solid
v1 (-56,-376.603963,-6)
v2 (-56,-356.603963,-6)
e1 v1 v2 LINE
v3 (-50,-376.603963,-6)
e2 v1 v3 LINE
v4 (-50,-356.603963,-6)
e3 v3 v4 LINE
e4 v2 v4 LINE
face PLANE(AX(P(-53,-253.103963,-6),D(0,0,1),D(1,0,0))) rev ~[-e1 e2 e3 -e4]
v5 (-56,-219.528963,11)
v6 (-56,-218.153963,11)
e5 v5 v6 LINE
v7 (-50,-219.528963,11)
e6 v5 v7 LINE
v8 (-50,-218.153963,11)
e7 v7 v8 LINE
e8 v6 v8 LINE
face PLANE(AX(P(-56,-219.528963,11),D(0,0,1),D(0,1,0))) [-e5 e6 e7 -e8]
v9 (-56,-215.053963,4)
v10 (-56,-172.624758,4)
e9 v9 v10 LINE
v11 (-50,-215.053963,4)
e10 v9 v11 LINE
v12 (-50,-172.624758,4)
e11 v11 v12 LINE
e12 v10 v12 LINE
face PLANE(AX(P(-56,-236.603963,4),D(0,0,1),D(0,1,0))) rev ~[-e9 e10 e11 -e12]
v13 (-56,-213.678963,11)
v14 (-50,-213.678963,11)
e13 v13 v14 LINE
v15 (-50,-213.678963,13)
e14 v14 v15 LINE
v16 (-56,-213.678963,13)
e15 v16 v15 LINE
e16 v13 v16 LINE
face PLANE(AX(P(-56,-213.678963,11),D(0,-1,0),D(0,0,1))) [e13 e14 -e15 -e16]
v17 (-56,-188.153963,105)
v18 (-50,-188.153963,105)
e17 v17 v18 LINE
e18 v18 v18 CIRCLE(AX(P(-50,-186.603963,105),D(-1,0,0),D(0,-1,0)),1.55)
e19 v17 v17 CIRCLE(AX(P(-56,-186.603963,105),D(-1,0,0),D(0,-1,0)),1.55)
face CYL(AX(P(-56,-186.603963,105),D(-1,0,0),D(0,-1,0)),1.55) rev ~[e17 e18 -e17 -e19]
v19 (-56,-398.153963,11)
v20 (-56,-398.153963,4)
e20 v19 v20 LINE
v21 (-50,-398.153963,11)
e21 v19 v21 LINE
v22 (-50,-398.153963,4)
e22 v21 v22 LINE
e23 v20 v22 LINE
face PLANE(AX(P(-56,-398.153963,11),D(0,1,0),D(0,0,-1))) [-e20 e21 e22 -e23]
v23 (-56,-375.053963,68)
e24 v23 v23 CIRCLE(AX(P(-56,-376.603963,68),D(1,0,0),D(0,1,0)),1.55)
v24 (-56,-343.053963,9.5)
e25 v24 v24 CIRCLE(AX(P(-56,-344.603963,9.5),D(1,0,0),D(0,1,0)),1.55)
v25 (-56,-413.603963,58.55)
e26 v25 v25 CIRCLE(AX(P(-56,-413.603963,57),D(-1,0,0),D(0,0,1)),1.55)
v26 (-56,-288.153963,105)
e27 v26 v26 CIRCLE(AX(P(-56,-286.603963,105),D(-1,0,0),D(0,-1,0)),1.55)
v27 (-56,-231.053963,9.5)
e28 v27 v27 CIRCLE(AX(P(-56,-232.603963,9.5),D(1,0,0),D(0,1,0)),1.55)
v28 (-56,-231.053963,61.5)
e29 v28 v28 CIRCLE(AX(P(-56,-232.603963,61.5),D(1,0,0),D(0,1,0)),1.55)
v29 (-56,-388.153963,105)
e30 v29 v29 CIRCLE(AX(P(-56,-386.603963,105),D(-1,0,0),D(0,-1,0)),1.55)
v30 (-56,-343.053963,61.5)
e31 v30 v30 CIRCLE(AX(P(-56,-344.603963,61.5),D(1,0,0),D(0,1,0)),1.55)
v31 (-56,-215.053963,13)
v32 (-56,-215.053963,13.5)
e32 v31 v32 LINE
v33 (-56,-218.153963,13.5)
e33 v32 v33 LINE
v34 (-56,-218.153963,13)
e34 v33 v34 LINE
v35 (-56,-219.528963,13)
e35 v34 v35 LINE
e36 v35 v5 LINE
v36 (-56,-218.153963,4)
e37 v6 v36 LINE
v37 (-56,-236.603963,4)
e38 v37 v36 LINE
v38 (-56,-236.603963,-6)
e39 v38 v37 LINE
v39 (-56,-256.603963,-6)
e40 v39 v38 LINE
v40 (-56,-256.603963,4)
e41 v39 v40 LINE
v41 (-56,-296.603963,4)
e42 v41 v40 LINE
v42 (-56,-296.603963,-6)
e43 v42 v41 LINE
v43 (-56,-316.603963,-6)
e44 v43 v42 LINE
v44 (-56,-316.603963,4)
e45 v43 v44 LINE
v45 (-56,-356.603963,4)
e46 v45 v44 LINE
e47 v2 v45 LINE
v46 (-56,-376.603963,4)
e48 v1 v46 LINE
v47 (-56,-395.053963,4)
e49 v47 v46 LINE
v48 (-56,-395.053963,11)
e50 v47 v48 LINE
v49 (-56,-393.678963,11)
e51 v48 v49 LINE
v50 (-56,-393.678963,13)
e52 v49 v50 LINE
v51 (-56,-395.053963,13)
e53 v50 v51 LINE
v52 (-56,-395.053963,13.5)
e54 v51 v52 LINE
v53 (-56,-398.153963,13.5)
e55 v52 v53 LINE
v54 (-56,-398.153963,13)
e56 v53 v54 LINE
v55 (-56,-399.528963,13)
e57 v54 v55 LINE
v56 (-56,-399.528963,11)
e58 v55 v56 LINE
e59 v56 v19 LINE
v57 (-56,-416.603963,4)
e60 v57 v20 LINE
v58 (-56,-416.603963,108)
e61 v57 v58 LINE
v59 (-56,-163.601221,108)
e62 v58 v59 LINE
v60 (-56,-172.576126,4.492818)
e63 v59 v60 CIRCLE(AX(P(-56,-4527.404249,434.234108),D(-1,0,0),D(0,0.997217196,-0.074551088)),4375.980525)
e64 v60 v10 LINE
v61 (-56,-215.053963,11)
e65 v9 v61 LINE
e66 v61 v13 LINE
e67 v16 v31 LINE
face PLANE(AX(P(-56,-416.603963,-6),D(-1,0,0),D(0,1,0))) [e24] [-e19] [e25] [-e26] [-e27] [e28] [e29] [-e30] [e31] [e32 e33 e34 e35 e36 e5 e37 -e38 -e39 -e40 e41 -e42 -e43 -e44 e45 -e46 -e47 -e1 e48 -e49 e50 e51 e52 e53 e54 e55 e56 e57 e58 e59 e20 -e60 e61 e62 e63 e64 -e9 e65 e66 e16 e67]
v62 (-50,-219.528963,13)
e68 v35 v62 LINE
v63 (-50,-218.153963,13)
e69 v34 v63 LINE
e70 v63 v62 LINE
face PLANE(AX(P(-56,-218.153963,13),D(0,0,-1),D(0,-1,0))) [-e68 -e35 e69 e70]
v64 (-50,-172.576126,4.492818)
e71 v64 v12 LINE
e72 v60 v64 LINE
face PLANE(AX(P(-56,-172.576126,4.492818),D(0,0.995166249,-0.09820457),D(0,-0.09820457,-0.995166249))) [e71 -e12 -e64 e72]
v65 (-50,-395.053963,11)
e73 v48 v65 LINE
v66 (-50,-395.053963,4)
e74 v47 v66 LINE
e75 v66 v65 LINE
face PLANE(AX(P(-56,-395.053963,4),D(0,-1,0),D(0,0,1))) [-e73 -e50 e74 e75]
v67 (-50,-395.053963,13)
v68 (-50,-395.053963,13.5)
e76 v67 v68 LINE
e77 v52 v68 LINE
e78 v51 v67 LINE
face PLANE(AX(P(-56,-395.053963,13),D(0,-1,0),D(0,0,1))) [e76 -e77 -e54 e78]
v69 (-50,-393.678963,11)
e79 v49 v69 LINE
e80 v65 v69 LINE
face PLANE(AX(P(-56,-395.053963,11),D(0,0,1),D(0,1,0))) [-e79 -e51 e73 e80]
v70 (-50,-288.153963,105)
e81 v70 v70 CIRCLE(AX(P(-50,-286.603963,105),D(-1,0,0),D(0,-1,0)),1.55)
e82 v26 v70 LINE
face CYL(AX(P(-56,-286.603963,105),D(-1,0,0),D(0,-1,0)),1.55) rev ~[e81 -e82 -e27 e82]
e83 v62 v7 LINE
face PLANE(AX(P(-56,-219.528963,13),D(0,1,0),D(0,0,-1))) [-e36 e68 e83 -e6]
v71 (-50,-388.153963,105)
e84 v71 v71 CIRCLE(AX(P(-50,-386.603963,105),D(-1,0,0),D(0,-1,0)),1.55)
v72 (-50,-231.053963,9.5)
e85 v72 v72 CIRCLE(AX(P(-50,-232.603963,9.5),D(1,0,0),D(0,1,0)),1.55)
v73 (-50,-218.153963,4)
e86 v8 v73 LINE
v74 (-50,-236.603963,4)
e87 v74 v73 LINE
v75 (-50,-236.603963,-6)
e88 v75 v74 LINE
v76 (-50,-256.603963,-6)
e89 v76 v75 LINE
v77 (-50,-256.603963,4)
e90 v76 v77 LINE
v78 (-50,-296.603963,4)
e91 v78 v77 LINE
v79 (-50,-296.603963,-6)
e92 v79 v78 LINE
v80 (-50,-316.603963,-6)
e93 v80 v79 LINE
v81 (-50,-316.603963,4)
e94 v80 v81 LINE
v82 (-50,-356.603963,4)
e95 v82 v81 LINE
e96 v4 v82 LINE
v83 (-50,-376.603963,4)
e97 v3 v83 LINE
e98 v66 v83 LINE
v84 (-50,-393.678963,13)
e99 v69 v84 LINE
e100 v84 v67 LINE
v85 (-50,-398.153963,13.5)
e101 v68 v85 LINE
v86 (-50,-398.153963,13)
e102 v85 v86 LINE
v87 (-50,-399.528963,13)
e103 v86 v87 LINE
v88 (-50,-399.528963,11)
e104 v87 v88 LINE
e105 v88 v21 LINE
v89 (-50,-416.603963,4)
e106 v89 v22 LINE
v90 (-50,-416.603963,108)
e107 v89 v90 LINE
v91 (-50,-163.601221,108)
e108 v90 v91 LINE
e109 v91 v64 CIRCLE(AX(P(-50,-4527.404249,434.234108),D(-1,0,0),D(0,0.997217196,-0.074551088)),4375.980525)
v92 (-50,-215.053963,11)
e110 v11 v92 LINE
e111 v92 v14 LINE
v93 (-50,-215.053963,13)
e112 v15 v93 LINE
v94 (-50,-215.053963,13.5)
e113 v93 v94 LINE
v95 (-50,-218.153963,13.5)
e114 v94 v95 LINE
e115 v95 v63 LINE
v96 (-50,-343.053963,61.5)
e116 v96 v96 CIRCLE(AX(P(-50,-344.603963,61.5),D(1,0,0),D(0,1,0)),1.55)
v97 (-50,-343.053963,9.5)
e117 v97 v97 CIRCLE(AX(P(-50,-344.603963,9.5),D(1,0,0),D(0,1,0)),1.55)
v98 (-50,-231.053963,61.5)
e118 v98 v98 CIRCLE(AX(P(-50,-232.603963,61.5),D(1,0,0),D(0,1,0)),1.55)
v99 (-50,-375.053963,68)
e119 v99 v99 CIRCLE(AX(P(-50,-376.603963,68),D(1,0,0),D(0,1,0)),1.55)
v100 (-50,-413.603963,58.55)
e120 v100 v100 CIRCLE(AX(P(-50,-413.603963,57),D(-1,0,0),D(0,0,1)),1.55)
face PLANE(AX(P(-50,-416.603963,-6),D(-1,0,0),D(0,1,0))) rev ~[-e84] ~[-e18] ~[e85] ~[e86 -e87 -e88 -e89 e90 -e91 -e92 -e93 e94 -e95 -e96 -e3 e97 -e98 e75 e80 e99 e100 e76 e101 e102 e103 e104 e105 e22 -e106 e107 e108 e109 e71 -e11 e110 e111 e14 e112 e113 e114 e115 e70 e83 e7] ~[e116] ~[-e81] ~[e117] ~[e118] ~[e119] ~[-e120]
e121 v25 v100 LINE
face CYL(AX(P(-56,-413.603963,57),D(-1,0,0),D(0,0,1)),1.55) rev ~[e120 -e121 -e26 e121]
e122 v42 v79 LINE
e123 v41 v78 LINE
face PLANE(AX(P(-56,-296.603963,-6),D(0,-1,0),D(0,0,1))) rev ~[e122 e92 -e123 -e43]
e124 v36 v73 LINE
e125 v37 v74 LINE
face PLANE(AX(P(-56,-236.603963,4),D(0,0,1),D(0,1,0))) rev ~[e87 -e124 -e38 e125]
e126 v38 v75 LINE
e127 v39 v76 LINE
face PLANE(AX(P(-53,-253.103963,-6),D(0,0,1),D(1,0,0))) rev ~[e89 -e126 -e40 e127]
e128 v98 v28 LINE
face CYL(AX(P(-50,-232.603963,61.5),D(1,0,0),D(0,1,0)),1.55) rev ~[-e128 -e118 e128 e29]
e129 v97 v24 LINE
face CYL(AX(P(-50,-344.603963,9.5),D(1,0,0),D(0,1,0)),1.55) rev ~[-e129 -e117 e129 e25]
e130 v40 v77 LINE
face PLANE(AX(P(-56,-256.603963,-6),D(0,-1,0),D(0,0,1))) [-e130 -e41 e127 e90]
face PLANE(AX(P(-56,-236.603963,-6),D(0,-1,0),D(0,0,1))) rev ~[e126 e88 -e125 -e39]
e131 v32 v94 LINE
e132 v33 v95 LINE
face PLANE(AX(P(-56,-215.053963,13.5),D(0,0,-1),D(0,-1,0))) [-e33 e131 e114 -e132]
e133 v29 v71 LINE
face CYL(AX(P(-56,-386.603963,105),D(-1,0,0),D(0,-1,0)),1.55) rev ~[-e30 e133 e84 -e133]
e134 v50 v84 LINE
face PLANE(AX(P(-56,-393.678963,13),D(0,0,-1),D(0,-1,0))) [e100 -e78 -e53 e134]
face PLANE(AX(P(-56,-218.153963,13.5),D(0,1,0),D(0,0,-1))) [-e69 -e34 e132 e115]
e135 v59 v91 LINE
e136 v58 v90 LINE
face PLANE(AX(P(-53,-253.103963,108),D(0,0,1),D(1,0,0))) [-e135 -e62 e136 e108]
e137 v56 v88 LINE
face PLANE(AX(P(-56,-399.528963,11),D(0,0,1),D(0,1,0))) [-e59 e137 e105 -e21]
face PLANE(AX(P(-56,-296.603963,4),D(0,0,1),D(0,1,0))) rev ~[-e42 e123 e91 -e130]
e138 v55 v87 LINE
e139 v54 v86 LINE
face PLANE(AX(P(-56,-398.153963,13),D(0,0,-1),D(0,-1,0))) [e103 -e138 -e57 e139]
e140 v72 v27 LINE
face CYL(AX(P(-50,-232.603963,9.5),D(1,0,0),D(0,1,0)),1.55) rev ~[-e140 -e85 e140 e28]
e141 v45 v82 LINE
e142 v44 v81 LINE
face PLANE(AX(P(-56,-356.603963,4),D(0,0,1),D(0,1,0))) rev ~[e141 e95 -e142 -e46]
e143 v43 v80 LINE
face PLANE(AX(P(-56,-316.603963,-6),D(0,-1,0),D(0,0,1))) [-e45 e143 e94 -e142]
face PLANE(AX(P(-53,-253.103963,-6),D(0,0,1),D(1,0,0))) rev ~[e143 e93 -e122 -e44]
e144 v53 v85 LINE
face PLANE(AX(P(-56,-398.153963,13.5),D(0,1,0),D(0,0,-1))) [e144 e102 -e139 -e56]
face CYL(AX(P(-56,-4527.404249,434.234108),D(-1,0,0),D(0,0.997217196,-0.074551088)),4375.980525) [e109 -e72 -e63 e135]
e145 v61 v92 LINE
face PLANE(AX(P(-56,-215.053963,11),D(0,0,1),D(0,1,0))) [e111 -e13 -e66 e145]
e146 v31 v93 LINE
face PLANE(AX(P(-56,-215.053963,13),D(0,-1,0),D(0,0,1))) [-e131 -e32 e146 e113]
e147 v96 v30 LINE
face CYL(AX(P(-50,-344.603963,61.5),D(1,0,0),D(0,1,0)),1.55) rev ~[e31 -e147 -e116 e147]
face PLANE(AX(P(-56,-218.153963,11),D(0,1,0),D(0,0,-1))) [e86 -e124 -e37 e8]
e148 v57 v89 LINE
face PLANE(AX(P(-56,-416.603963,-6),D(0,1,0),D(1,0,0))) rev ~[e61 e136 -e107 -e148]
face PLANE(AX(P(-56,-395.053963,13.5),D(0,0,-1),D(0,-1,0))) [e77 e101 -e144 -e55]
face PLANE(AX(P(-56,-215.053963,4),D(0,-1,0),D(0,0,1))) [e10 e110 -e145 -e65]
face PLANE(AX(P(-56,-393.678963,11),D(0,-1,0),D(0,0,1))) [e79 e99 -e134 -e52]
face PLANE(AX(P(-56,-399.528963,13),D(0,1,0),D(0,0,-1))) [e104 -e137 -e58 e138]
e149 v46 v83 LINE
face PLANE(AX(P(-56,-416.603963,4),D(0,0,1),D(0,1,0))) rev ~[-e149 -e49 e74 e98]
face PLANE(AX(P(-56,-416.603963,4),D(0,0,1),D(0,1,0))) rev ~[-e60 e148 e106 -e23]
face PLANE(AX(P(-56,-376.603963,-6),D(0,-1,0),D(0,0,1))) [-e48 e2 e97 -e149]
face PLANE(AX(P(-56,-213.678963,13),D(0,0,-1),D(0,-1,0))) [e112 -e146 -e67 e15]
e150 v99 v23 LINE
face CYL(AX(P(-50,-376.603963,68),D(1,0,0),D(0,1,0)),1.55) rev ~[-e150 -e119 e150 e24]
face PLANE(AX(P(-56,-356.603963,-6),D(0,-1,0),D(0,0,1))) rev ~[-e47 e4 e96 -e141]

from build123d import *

# Parameters (mm, degrees)
DODANIE_WYCI_GNI_CIE1_DEPTH      = 108
DODANIE_WYCI_GNI_CIE1_DEPTH_BACK = 6
SZKIC1_W                         = 6
SZKIC1_H                         = 327
SZKIC2_W                         = 10
SZKIC2_H                         = 40
WYTNIJ_WYCI_GNI_CIE1_DEPTH       = 6
SZKIC7_R                         = 1.55
WYTNIJ_WYCI_GNI_CIE2_DEPTH       = 6
WYTNIJ_WYCI_GNI_CIE3_DEPTH       = 6
SZYK_LINIOWY1_COUNT              = 2
SZYK_LINIOWY1_PITCH              = 180
SZKIC9_W                         = 22
SZKIC9_H                         = 13
WYTNIJ_WYCI_GNI_CIE4_DEPTH       = 6
SZKIC11_R                        = 1.55
WYTNIJ_WYCI_GNI_CIE5_DEPTH       = 6
SZYK_LINIOWY2_COUNT              = 2
SZYK_LINIOWY2_PITCH              = 100
SZYK_LINIOWY2_COL_COUNT          = 2
SZYK_LINIOWY2_COL_PITCH          = 200
SZKIC14_R                        = 1.55
WYTNIJ_WYCI_GNI_CIE7_DEPTH       = 6
WYTNIJ_WYCI_GNI_CIE9_DEPTH       = 6


with BuildPart() as part:
    # Szkic1 → Dodanie-wyciągnięcie1 (new, two sides: drawn at the far end of the back side and taken through both)
    with BuildSketch(Plane.XY.offset(-DODANIE_WYCI_GNI_CIE1_DEPTH_BACK)):
        with Locations((-53, -253.103962956)):
            Rectangle(SZKIC1_W, SZKIC1_H)
    extrude(amount=DODANIE_WYCI_GNI_CIE1_DEPTH + DODANIE_WYCI_GNI_CIE1_DEPTH_BACK)

    # Szkic2 → Wytnij-wyciągnięcie1 (cut)
    with BuildSketch(Plane.ZY.offset(56)):
        with Locations((-1, -396.603962956)):
            Rectangle(SZKIC2_W, SZKIC2_H)
        with Locations((-1, -336.603962956)):
            Rectangle(SZKIC2_W, SZKIC2_H)
        Polygon((4, -176.603962956), (4, -42.619854706), (-6, -42.619854706), (-6, -176.603962956), (-6, -196.603962956), (-6, -236.603962956), (4, -236.603962956), (4, -196.603962956), align=None)
        with Locations((-1, -276.603962956)):
            Rectangle(SZKIC2_W, SZKIC2_H)
    extrude(amount=-WYTNIJ_WYCI_GNI_CIE1_DEPTH, mode=Mode.SUBTRACT)

    # Szkic7 → Wytnij-wyciągnięcie2 (cut)
    with BuildSketch(Plane.ZY.offset(56)):
        with Locations((57, -413.603962956)):
            Circle(SZKIC7_R)
    extrude(amount=-WYTNIJ_WYCI_GNI_CIE2_DEPTH, mode=Mode.SUBTRACT)

    # Szkic8 → Wytnij-wyciągnięcie3 (cut)
    with BuildSketch(Plane.ZY.offset(56)):
        Polygon((4, -395.053962956), (11, -395.053962956), (11, -393.678962956), (13, -393.678962956), (13, -395.053962956), (13.5, -395.053962956), (13.5, -398.153962956), (13, -398.153962956), (13, -399.528962956), (11, -399.528962956), (11, -398.153962956), (4, -398.153962956), align=None)
    wytnij_wyci_gni_cie3 = extrude(amount=-WYTNIJ_WYCI_GNI_CIE3_DEPTH, mode=Mode.SUBTRACT)

    # Szyk liniowy1: Wytnij-wyciągnięcie3 ×2
    with Locations(*[(0, i * SZYK_LINIOWY1_PITCH, 0) for i in range(1, SZYK_LINIOWY1_COUNT)]):
        add(wytnij_wyci_gni_cie3, mode=Mode.SUBTRACT)

    # Szkic9 → Wytnij-wyciągnięcie4 (cut)
    with BuildSketch(Plane.ZY.offset(56)):
        with Locations((65, -96.103962956)):
            Rectangle(SZKIC9_W, SZKIC9_H)
    extrude(amount=-WYTNIJ_WYCI_GNI_CIE4_DEPTH, mode=Mode.SUBTRACT)

    # Szkic11 → Wytnij-wyciągnięcie5 (cut)
    with BuildSketch(Plane.ZY.offset(56)):
        with Locations(Location((105, -386.603962956, 0), (0, 0, 270))):
            Circle(SZKIC11_R)
    wytnij_wyci_gni_cie5 = extrude(amount=-WYTNIJ_WYCI_GNI_CIE5_DEPTH, mode=Mode.SUBTRACT)

    # Szyk liniowy2: Wytnij-wyciągnięcie5 ×2
    with Locations(*[(0, i * SZYK_LINIOWY2_PITCH, 0) for i in range(1, SZYK_LINIOWY2_COUNT)]):
        add(wytnij_wyci_gni_cie5, mode=Mode.SUBTRACT)

    # Szyk liniowy2 col: Wytnij-wyciągnięcie5 ×2
    with Locations(*[(0, i * SZYK_LINIOWY2_COL_PITCH, 0) for i in range(1, SZYK_LINIOWY2_COL_COUNT)]):
        add(wytnij_wyci_gni_cie5, mode=Mode.SUBTRACT)

    # Szkic14 → Wytnij-wyciągnięcie7 (cut)
    with BuildSketch(Plane(origin=(-50, 0, 0), x_dir=(0, 0, -1), z_dir=(1, 0, 0))):
        with Locations(Location((-68, -376.603962956, 0), (0, 0, 90))):
            Circle(SZKIC14_R)
        with Locations(Location((-9.5, -232.603962956, 0), (0, 0, 90))):
            Circle(SZKIC14_R)
        with Locations(Location((-61.5, -232.603962956, 0), (0, 0, 90))):
            Circle(SZKIC14_R)
        with Locations(Location((-61.5, -344.603962956, 0), (0, 0, 90))):
            Circle(SZKIC14_R)
        with Locations(Location((-9.5, -344.603962956, 0), (0, 0, 90))):
            Circle(SZKIC14_R)
    extrude(amount=-WYTNIJ_WYCI_GNI_CIE7_DEPTH, mode=Mode.SUBTRACT)

    # Szkic15 → Wytnij-wyciągnięcie9 (cut)
    with BuildSketch(Plane.ZY.offset(56)):
        with BuildLine():
            Line((4, -172.624757885), (4, -89.603962956))
            Line((4, -89.603962956), (54, -89.603962956))
            Line((54, -89.603962956), (54, -102.603962956))
            Line((54, -102.603962956), (76, -102.603962956))
            Line((76, -102.603962956), (76, -89.603962956))
            Line((76, -89.603962956), (108, -89.603962956))
            Line((108, -89.603962956), (108, -163.601221201))
            ThreePointArc((108, -163.601221201), (56.219772668, -167.781476219), (4.492818283, -172.576125802))
            Line((4.492818283, -172.576125802), (4, -172.624757885))
        make_face()
    extrude(amount=-WYTNIJ_WYCI_GNI_CIE9_DEPTH, mode=Mode.SUBTRACT)


solid = part.part
